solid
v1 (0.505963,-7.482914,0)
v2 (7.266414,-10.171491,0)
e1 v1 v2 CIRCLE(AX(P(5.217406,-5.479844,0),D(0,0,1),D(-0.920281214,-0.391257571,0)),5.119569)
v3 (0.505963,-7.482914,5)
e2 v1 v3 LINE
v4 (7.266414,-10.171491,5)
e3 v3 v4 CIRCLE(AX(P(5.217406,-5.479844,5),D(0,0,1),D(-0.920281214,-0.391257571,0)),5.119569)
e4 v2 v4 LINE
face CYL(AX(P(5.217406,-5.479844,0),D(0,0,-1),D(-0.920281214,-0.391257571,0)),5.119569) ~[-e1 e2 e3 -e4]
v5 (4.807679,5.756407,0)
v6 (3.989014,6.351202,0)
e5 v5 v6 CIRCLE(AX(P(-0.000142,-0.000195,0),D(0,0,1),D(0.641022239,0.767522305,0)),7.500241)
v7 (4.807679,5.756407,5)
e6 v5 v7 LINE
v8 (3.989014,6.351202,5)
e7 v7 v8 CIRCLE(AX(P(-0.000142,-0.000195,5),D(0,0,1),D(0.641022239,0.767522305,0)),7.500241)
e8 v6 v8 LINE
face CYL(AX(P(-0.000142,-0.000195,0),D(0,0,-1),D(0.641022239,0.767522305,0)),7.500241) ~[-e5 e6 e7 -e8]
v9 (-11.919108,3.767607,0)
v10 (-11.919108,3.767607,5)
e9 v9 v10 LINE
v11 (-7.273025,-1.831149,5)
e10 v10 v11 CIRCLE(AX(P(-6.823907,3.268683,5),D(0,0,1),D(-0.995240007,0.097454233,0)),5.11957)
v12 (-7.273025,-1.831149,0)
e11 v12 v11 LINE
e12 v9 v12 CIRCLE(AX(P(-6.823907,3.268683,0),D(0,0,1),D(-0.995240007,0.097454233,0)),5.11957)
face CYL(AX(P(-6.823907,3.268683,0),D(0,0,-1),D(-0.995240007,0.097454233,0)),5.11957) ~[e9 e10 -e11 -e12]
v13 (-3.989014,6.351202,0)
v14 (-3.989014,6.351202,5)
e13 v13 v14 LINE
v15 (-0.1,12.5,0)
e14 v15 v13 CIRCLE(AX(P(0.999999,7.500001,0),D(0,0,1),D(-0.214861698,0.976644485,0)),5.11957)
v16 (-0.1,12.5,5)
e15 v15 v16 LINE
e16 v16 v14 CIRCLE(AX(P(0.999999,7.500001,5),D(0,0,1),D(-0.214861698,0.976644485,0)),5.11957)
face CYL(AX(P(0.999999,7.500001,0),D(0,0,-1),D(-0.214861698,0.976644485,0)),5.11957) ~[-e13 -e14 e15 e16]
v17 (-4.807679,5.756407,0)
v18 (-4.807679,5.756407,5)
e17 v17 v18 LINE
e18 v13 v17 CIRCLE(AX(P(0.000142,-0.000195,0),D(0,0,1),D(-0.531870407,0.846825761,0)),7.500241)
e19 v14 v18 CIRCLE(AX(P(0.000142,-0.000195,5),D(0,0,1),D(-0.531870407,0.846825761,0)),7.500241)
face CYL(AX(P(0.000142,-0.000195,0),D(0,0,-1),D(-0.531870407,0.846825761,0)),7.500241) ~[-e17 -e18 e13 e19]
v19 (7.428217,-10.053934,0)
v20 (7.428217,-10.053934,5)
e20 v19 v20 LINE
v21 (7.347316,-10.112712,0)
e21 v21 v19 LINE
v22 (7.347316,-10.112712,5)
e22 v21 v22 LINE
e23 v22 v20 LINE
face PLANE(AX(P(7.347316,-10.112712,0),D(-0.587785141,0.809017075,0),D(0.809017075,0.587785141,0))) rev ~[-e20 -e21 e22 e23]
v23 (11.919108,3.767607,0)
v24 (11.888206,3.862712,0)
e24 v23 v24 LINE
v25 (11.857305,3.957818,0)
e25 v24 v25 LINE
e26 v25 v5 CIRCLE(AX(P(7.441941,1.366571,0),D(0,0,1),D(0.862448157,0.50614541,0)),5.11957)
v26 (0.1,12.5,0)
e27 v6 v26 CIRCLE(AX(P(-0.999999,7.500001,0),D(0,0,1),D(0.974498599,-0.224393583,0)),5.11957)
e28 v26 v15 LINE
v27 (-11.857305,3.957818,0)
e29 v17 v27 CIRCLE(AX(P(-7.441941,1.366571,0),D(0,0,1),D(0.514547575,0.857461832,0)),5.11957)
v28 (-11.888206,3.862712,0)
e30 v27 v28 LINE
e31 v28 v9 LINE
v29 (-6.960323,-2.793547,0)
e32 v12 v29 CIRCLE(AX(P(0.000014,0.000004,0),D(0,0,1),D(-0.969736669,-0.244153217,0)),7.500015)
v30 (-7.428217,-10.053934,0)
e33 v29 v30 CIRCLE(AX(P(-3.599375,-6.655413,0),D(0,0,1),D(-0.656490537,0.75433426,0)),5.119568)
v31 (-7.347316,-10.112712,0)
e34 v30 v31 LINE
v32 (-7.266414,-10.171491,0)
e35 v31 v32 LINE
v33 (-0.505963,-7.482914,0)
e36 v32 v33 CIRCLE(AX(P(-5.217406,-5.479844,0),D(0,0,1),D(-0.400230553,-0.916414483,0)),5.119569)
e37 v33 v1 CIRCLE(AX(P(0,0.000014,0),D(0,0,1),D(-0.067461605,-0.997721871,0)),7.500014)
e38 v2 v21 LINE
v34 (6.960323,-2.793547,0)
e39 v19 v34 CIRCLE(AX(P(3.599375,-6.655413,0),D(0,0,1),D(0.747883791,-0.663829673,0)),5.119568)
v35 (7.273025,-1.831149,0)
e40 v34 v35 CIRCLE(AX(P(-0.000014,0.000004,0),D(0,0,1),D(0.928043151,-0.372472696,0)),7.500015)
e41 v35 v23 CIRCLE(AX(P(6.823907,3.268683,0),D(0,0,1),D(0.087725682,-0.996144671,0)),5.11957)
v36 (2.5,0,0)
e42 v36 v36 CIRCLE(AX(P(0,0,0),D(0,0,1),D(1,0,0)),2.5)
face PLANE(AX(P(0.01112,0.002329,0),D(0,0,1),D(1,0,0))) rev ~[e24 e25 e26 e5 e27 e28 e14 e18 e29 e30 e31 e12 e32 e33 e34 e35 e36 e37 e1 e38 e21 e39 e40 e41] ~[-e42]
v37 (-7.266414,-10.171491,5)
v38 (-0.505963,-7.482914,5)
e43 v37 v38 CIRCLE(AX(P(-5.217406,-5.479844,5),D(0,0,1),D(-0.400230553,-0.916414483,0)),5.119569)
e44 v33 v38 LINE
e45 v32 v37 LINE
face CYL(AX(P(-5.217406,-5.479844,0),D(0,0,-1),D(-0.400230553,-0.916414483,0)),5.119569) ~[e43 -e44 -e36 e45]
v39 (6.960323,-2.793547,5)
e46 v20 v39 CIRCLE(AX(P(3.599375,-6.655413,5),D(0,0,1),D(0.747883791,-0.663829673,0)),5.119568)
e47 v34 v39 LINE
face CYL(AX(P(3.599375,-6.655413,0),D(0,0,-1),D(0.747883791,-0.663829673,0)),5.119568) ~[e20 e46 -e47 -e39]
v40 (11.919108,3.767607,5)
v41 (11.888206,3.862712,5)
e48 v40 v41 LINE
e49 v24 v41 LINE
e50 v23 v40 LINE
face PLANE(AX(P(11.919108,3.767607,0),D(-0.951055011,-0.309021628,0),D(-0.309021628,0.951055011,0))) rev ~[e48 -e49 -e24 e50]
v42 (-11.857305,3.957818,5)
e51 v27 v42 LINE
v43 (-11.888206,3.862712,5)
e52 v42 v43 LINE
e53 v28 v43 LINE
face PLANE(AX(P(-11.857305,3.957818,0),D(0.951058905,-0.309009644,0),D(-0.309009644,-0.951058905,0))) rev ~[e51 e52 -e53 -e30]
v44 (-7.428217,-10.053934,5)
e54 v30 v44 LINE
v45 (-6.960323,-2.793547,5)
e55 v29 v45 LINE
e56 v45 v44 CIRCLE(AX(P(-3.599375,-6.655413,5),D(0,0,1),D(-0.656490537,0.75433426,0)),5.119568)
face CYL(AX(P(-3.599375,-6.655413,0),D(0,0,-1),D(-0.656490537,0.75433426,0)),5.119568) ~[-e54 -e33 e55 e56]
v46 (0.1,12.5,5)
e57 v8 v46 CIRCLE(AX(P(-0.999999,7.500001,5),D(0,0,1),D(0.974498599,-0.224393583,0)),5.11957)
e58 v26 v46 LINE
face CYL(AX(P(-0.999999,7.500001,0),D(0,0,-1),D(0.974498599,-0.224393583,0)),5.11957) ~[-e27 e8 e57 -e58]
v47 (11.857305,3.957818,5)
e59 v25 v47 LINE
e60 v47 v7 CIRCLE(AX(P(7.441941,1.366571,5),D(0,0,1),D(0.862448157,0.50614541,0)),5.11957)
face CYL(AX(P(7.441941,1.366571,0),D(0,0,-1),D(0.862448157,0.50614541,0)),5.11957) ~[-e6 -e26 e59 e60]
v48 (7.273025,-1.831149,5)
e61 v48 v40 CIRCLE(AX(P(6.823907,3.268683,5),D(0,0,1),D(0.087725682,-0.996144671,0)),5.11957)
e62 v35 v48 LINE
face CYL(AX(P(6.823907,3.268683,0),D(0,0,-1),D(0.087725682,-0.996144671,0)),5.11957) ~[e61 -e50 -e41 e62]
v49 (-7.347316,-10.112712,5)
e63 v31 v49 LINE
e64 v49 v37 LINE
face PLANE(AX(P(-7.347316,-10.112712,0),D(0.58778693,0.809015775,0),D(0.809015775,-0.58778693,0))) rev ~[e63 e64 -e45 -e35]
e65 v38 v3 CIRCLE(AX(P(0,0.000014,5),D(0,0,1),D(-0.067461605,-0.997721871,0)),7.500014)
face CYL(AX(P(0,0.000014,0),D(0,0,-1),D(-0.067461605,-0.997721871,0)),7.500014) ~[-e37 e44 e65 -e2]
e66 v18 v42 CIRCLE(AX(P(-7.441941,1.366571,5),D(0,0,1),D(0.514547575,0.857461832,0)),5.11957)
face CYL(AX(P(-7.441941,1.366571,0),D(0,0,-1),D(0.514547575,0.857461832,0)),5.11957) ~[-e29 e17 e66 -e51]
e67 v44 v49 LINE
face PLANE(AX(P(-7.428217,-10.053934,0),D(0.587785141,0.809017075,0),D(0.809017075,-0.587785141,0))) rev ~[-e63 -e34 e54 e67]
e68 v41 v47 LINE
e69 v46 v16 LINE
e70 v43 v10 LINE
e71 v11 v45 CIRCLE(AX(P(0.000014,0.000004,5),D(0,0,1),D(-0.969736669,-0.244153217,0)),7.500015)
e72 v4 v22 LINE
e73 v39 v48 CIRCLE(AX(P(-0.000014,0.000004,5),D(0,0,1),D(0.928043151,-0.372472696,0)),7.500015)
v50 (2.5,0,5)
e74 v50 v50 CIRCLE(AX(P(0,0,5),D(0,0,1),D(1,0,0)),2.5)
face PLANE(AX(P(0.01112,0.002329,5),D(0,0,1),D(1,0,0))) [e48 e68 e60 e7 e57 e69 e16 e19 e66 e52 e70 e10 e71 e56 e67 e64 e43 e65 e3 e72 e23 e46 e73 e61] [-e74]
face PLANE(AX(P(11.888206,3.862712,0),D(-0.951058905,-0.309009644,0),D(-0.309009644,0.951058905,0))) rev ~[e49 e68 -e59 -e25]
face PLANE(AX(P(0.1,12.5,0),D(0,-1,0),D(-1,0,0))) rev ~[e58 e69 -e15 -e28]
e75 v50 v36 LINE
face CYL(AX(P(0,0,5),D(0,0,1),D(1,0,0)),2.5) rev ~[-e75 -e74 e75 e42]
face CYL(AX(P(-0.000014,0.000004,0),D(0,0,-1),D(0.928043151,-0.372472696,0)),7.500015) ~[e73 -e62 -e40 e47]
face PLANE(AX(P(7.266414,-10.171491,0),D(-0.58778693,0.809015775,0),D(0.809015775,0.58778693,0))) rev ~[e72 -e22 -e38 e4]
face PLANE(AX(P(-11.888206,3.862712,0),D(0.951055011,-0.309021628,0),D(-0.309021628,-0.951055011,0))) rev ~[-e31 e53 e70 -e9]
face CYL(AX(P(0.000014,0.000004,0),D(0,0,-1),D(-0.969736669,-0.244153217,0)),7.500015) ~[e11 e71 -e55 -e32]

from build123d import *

# Parameters (mm, degrees)
F1_DEPTH = 5
F2_R     = 2.5
F3_DEPTH = 5.001


with BuildPart() as f1:
    # F0 (on Top) → F1 (new body)
    with BuildSketch(Plane.XY):
        with BuildLine():
            ThreePointArc((7.273025, -1.831149), (7.44304, -0.922581), (7.5, 0))
            ThreePointArc((7.5, 0), (6.793658, 3.177453), (4.807679, 5.756407))
            ThreePointArc((4.807679, 5.756407), (4.408389, 6.067627), (3.989014, 6.351202))
            ThreePointArc((3.989014, 6.351202), (0, 7.5), (-3.989014, 6.351202))
            ThreePointArc((-3.989014, 6.351202), (-4.408389, 6.067627), (-4.807679, 5.756407))
            ThreePointArc((-4.807679, 5.756407), (-7.132924, 2.317627), (-7.273025, -1.831149))
            ThreePointArc((-7.273025, -1.831149), (-7.132924, -2.317627), (-6.960323, -2.793547))
            ThreePointArc((-6.960323, -2.793547), (-4.408389, -6.067627), (-0.505963, -7.482914))
            ThreePointArc((-0.505963, -7.482914), (0, -7.5), (0.505963, -7.482914))
            ThreePointArc((0.505963, -7.482914), (4.408389, -6.067627), (6.960323, -2.793547))
            ThreePointArc((6.960323, -2.793547), (7.132924, -2.317627), (7.273025, -1.831149))
        make_face()
        with BuildLine():
            ThreePointArc((4.807679, 5.756407), (6.793658, 3.177453), (7.5, 0))
            ThreePointArc((7.5, 0), (7.44304, -0.922581), (7.273025, -1.831149))
            ThreePointArc((7.273025, -1.831149), (10.763626, -0.000661), (11.919108, 3.767607))
            Line((11.919108, 3.767607), (11.888206, 3.862712))
            Line((11.888206, 3.862712), (11.857305, 3.957818))
            ThreePointArc((11.857305, 3.957818), (8.707568, 6.327235), (4.807679, 5.756407))
        make_face()
        with BuildLine():
            ThreePointArc((-3.989014, 6.351202), (0, 7.5), (3.989014, 6.351202))
            ThreePointArc((3.989014, 6.351202), (3.326772, 10.236612), (0.1, 12.5))
            Line((0.1, 12.5), (0, 12.5))
            Line((0, 12.5), (-0.1, 12.5))
            ThreePointArc((-0.1, 12.5), (-3.326772, 10.236612), (-3.989014, 6.351202))
        make_face()
        with BuildLine():
            ThreePointArc((7.428217, -10.053934), (8.708345, -6.326166), (6.960323, -2.793547))
            ThreePointArc((6.960323, -2.793547), (4.408389, -6.067627), (0.505963, -7.482914))
            ThreePointArc((0.505963, -7.482914), (3.325515, -10.237021), (7.266414, -10.171491))
            Line((7.266414, -10.171491), (7.347316, -10.112712))
            Line((7.347316, -10.112712), (7.428217, -10.053934))
        make_face()
        with BuildLine():
            ThreePointArc((-7.273025, -1.831149), (-7.132924, 2.317627), (-4.807679, 5.756407))
            ThreePointArc((-4.807679, 5.756407), (-8.707568, 6.327235), (-11.857305, 3.957818))
            Line((-11.857305, 3.957818), (-11.888206, 3.862712))
            Line((-11.888206, 3.862712), (-11.919108, 3.767607))
            ThreePointArc((-11.919108, 3.767607), (-10.763626, -0.000661), (-7.273025, -1.831149))
        make_face()
        with BuildLine():
            ThreePointArc((-7.266414, -10.171491), (-3.325515, -10.237021), (-0.505963, -7.482914))
            ThreePointArc((-0.505963, -7.482914), (-4.408389, -6.067627), (-6.960323, -2.793547))
            ThreePointArc((-6.960323, -2.793547), (-8.708345, -6.326166), (-7.428217, -10.053934))
            Line((-7.428217, -10.053934), (-7.347316, -10.112712))
            Line((-7.347316, -10.112712), (-7.266414, -10.171491))
        make_face()
    extrude(amount=F1_DEPTH)

    # F2 (on face) → F3 (cut, through all)
    with BuildSketch(Plane.XY.offset(5)):
        Circle(F2_R)
    extrude(amount=-F3_DEPTH, mode=Mode.SUBTRACT)


solid = f1.part
